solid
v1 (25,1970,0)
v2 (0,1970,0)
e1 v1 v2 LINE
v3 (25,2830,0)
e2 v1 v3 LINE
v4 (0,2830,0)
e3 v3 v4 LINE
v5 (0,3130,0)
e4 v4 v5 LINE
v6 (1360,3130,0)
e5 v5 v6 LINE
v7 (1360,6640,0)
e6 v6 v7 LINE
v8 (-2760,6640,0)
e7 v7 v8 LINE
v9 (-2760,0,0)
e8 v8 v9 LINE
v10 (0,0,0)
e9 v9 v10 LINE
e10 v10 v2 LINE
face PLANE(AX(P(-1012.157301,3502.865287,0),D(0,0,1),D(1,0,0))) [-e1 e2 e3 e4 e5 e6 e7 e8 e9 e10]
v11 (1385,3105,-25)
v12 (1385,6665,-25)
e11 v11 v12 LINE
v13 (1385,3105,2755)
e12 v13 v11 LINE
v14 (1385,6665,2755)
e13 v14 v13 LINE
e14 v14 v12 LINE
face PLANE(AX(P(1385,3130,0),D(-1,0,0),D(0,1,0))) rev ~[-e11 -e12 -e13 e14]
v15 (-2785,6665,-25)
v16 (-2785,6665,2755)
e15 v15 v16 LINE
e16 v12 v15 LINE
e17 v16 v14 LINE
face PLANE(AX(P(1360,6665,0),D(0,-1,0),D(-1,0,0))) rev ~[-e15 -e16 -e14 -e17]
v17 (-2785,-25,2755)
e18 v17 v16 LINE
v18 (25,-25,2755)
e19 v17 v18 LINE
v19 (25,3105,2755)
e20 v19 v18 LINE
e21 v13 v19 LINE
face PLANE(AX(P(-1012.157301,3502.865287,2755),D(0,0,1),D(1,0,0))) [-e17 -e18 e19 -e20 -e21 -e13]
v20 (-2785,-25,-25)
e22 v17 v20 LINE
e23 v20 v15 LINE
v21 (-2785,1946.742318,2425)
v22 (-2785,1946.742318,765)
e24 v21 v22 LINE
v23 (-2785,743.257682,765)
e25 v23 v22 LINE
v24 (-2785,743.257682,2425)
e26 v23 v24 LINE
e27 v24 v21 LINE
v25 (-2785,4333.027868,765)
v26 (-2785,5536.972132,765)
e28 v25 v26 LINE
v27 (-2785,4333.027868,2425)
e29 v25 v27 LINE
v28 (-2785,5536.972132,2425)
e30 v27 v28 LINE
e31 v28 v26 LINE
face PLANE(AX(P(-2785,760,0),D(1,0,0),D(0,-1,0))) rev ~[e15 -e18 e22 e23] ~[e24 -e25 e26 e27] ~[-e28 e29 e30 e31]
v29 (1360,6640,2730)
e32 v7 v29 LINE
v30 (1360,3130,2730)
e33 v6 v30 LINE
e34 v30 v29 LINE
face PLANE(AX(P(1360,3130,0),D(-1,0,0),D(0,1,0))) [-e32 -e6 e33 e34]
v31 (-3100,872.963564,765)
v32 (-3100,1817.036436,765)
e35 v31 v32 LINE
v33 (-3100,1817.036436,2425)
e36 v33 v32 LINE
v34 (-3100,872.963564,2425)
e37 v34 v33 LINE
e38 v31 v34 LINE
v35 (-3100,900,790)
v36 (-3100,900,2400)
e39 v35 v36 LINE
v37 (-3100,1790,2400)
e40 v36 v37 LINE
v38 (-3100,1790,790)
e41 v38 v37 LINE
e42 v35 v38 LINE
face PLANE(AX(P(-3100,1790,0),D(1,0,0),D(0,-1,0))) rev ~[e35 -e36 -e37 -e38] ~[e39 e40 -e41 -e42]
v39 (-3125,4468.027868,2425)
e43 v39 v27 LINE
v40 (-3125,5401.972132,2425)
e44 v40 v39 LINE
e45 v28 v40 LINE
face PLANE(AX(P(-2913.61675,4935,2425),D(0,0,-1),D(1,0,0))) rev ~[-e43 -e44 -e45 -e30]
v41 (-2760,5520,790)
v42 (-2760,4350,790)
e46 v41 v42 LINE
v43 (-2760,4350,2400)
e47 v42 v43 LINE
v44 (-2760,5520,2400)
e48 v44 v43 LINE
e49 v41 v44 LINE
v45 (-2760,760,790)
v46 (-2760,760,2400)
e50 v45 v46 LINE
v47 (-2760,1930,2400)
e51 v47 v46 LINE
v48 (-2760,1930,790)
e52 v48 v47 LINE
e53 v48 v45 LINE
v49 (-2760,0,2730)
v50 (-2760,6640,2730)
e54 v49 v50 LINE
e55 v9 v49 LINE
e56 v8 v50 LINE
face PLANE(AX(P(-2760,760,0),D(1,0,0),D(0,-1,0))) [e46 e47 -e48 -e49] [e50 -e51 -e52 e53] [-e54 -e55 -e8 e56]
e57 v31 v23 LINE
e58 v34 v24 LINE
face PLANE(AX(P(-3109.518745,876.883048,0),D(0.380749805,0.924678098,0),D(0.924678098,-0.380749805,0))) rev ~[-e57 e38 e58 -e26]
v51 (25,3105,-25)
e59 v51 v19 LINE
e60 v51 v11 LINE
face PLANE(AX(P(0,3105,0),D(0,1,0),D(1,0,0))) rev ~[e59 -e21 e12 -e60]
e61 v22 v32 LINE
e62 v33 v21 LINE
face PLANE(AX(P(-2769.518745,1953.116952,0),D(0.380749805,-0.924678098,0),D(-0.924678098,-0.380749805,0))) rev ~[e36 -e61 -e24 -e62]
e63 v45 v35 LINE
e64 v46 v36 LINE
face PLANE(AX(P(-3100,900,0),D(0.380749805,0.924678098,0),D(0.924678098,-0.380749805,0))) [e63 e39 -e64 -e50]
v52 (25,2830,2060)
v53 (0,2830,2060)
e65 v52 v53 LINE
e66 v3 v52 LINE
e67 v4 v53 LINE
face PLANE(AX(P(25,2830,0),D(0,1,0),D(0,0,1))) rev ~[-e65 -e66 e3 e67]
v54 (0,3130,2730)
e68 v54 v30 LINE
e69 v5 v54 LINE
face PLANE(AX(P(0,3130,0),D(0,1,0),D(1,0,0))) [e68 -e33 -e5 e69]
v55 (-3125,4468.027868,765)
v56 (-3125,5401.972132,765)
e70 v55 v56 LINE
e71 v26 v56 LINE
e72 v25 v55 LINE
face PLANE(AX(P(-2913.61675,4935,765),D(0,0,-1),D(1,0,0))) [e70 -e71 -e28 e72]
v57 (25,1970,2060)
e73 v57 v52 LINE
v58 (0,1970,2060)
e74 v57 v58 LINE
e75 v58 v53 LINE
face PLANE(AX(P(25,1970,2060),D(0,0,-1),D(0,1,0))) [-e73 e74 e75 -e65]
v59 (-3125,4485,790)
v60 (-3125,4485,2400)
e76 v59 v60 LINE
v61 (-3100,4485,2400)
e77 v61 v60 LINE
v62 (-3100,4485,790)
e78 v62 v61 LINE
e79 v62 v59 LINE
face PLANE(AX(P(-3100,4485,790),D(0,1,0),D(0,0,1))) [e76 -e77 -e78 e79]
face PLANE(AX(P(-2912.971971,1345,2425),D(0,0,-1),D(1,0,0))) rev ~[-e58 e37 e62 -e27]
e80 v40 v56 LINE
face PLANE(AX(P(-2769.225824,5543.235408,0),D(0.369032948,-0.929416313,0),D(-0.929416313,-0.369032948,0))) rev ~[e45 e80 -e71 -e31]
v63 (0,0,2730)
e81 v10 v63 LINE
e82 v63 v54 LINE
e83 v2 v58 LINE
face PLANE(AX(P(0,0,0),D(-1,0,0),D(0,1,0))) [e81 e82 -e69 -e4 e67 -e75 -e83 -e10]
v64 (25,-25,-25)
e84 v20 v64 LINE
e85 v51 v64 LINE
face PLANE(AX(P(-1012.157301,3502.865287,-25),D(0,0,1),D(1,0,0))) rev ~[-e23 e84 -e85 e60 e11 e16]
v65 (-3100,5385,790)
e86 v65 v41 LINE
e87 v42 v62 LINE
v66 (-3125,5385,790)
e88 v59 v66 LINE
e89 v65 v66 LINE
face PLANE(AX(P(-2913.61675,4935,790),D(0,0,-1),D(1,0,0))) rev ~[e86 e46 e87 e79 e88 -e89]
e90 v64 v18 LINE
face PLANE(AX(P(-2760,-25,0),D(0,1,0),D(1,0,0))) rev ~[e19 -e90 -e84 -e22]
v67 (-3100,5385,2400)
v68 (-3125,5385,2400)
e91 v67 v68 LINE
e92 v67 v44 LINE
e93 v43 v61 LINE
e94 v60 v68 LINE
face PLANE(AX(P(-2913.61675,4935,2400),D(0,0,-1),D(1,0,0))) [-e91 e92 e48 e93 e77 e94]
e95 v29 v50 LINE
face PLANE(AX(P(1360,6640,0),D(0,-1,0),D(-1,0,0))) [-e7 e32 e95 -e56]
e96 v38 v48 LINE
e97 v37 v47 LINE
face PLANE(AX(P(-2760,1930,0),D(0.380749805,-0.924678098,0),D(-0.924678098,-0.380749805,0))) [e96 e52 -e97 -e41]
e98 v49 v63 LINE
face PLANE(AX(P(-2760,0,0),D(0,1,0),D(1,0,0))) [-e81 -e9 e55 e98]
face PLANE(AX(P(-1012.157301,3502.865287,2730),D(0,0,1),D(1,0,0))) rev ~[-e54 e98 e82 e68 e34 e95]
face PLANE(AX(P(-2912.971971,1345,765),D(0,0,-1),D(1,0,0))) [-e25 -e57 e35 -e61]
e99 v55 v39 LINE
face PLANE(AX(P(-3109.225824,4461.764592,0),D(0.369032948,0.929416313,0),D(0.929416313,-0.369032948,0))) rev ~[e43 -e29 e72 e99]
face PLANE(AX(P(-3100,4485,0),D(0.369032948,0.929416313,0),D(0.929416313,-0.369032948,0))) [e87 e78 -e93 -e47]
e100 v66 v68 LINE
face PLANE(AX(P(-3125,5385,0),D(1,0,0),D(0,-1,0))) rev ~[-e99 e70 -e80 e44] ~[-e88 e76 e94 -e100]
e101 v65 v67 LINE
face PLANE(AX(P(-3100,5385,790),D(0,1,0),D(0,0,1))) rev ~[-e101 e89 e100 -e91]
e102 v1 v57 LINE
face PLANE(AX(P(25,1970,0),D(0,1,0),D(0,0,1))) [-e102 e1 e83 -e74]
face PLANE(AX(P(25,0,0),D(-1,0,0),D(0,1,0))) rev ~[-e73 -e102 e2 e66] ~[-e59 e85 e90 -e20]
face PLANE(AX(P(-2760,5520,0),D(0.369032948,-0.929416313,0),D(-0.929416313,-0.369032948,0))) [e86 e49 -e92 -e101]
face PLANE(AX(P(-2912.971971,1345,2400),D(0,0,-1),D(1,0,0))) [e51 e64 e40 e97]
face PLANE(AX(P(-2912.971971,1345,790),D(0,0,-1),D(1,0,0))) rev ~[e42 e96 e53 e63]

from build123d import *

# Parameters (mm, degrees)
F1_DEPTH  = 2730
F3_DEPTH  = 790
F5_DEPTH  = 790
F8_DEPTH  = 330
F10_DEPTH = 330
F11_T     = 25
F12_W     = 900
F12_H     = 1610
F13_DEPTH = 25
F14_W     = 860
F14_H     = 2060
F15_DEPTH = 25


with BuildPart() as f1:
    # F0 (on Top) → F1 (new body)
    with BuildSketch(Plane.XY):
        Polygon((-2760, 0), (0, 0), (0, 3130), (1360, 3130), (1360, 6640), (-2760, 6640), (-2760, 5520), (-3100, 5385), (-3100, 4485), (-2760, 4350), (-2760, 1930), (-3100, 1790), (-3100, 900), (-2760, 760), align=None)
    extrude(amount=F1_DEPTH)

    # F2 (on face) → F3 (cut)
    with BuildSketch(Plane(origin=(0, 0, 0), x_dir=(1, 0, 0), z_dir=(0, 0, -1))):
        Polygon((-3100, -5385), (-2760, -5520), (-2760, -4350), (-3100, -4485), align=None)
    extrude(amount=-F3_DEPTH, mode=Mode.SUBTRACT)

    # F4 (on face) → F5 (cut)
    with BuildSketch(Plane(origin=(0, 0, 0), x_dir=(1, 0, 0), z_dir=(0, 0, -1))):
        Polygon((-3100, -1790), (-2760, -1930), (-2760, -760), (-3100, -900), align=None)
    extrude(amount=-F5_DEPTH, mode=Mode.SUBTRACT)

    # F7 (on offset) → F8 (cut, through all)
    with BuildSketch(Plane(origin=(0, 0, 2400), x_dir=(1, 0, 0), z_dir=(0, 0, -1))):
        Polygon((-3100, -1790), (-2760, -1930), (-2760, -760), (-3100, -900), align=None)
    extrude(amount=-F8_DEPTH, mode=Mode.SUBTRACT)

    # F9 (on offset) → F10 (cut, through all)
    with BuildSketch(Plane(origin=(0, 0, 2400), x_dir=(1, 0, 0), z_dir=(0, 0, -1))):
        Polygon((-3100, -5385), (-2760, -5520), (-2760, -4350), (-3100, -4485), align=None)
    extrude(amount=-F10_DEPTH, mode=Mode.SUBTRACT)

    # F11
    f11_openings = [f1.faces().sort_by_distance(p)[0] for p in [
        (-3100, 1345, 1595),
    ]]
    offset(amount=F11_T, openings=f11_openings, kind=Kind.INTERSECTION)

    # F12 (on face) → F13 (cut, through all)
    with BuildSketch(Plane.YZ.offset(-3100)):
        with Locations((4935, 1595)):
            Rectangle(F12_W, F12_H)
    extrude(amount=-F13_DEPTH, mode=Mode.SUBTRACT)

    # F14 (on face) → F15 (cut, through all)
    with BuildSketch(Plane.YZ.offset(25)):
        with Locations((2400, 1030)):
            Rectangle(F14_W, F14_H)
    extrude(amount=-F15_DEPTH, mode=Mode.SUBTRACT)


solid = f1.part
